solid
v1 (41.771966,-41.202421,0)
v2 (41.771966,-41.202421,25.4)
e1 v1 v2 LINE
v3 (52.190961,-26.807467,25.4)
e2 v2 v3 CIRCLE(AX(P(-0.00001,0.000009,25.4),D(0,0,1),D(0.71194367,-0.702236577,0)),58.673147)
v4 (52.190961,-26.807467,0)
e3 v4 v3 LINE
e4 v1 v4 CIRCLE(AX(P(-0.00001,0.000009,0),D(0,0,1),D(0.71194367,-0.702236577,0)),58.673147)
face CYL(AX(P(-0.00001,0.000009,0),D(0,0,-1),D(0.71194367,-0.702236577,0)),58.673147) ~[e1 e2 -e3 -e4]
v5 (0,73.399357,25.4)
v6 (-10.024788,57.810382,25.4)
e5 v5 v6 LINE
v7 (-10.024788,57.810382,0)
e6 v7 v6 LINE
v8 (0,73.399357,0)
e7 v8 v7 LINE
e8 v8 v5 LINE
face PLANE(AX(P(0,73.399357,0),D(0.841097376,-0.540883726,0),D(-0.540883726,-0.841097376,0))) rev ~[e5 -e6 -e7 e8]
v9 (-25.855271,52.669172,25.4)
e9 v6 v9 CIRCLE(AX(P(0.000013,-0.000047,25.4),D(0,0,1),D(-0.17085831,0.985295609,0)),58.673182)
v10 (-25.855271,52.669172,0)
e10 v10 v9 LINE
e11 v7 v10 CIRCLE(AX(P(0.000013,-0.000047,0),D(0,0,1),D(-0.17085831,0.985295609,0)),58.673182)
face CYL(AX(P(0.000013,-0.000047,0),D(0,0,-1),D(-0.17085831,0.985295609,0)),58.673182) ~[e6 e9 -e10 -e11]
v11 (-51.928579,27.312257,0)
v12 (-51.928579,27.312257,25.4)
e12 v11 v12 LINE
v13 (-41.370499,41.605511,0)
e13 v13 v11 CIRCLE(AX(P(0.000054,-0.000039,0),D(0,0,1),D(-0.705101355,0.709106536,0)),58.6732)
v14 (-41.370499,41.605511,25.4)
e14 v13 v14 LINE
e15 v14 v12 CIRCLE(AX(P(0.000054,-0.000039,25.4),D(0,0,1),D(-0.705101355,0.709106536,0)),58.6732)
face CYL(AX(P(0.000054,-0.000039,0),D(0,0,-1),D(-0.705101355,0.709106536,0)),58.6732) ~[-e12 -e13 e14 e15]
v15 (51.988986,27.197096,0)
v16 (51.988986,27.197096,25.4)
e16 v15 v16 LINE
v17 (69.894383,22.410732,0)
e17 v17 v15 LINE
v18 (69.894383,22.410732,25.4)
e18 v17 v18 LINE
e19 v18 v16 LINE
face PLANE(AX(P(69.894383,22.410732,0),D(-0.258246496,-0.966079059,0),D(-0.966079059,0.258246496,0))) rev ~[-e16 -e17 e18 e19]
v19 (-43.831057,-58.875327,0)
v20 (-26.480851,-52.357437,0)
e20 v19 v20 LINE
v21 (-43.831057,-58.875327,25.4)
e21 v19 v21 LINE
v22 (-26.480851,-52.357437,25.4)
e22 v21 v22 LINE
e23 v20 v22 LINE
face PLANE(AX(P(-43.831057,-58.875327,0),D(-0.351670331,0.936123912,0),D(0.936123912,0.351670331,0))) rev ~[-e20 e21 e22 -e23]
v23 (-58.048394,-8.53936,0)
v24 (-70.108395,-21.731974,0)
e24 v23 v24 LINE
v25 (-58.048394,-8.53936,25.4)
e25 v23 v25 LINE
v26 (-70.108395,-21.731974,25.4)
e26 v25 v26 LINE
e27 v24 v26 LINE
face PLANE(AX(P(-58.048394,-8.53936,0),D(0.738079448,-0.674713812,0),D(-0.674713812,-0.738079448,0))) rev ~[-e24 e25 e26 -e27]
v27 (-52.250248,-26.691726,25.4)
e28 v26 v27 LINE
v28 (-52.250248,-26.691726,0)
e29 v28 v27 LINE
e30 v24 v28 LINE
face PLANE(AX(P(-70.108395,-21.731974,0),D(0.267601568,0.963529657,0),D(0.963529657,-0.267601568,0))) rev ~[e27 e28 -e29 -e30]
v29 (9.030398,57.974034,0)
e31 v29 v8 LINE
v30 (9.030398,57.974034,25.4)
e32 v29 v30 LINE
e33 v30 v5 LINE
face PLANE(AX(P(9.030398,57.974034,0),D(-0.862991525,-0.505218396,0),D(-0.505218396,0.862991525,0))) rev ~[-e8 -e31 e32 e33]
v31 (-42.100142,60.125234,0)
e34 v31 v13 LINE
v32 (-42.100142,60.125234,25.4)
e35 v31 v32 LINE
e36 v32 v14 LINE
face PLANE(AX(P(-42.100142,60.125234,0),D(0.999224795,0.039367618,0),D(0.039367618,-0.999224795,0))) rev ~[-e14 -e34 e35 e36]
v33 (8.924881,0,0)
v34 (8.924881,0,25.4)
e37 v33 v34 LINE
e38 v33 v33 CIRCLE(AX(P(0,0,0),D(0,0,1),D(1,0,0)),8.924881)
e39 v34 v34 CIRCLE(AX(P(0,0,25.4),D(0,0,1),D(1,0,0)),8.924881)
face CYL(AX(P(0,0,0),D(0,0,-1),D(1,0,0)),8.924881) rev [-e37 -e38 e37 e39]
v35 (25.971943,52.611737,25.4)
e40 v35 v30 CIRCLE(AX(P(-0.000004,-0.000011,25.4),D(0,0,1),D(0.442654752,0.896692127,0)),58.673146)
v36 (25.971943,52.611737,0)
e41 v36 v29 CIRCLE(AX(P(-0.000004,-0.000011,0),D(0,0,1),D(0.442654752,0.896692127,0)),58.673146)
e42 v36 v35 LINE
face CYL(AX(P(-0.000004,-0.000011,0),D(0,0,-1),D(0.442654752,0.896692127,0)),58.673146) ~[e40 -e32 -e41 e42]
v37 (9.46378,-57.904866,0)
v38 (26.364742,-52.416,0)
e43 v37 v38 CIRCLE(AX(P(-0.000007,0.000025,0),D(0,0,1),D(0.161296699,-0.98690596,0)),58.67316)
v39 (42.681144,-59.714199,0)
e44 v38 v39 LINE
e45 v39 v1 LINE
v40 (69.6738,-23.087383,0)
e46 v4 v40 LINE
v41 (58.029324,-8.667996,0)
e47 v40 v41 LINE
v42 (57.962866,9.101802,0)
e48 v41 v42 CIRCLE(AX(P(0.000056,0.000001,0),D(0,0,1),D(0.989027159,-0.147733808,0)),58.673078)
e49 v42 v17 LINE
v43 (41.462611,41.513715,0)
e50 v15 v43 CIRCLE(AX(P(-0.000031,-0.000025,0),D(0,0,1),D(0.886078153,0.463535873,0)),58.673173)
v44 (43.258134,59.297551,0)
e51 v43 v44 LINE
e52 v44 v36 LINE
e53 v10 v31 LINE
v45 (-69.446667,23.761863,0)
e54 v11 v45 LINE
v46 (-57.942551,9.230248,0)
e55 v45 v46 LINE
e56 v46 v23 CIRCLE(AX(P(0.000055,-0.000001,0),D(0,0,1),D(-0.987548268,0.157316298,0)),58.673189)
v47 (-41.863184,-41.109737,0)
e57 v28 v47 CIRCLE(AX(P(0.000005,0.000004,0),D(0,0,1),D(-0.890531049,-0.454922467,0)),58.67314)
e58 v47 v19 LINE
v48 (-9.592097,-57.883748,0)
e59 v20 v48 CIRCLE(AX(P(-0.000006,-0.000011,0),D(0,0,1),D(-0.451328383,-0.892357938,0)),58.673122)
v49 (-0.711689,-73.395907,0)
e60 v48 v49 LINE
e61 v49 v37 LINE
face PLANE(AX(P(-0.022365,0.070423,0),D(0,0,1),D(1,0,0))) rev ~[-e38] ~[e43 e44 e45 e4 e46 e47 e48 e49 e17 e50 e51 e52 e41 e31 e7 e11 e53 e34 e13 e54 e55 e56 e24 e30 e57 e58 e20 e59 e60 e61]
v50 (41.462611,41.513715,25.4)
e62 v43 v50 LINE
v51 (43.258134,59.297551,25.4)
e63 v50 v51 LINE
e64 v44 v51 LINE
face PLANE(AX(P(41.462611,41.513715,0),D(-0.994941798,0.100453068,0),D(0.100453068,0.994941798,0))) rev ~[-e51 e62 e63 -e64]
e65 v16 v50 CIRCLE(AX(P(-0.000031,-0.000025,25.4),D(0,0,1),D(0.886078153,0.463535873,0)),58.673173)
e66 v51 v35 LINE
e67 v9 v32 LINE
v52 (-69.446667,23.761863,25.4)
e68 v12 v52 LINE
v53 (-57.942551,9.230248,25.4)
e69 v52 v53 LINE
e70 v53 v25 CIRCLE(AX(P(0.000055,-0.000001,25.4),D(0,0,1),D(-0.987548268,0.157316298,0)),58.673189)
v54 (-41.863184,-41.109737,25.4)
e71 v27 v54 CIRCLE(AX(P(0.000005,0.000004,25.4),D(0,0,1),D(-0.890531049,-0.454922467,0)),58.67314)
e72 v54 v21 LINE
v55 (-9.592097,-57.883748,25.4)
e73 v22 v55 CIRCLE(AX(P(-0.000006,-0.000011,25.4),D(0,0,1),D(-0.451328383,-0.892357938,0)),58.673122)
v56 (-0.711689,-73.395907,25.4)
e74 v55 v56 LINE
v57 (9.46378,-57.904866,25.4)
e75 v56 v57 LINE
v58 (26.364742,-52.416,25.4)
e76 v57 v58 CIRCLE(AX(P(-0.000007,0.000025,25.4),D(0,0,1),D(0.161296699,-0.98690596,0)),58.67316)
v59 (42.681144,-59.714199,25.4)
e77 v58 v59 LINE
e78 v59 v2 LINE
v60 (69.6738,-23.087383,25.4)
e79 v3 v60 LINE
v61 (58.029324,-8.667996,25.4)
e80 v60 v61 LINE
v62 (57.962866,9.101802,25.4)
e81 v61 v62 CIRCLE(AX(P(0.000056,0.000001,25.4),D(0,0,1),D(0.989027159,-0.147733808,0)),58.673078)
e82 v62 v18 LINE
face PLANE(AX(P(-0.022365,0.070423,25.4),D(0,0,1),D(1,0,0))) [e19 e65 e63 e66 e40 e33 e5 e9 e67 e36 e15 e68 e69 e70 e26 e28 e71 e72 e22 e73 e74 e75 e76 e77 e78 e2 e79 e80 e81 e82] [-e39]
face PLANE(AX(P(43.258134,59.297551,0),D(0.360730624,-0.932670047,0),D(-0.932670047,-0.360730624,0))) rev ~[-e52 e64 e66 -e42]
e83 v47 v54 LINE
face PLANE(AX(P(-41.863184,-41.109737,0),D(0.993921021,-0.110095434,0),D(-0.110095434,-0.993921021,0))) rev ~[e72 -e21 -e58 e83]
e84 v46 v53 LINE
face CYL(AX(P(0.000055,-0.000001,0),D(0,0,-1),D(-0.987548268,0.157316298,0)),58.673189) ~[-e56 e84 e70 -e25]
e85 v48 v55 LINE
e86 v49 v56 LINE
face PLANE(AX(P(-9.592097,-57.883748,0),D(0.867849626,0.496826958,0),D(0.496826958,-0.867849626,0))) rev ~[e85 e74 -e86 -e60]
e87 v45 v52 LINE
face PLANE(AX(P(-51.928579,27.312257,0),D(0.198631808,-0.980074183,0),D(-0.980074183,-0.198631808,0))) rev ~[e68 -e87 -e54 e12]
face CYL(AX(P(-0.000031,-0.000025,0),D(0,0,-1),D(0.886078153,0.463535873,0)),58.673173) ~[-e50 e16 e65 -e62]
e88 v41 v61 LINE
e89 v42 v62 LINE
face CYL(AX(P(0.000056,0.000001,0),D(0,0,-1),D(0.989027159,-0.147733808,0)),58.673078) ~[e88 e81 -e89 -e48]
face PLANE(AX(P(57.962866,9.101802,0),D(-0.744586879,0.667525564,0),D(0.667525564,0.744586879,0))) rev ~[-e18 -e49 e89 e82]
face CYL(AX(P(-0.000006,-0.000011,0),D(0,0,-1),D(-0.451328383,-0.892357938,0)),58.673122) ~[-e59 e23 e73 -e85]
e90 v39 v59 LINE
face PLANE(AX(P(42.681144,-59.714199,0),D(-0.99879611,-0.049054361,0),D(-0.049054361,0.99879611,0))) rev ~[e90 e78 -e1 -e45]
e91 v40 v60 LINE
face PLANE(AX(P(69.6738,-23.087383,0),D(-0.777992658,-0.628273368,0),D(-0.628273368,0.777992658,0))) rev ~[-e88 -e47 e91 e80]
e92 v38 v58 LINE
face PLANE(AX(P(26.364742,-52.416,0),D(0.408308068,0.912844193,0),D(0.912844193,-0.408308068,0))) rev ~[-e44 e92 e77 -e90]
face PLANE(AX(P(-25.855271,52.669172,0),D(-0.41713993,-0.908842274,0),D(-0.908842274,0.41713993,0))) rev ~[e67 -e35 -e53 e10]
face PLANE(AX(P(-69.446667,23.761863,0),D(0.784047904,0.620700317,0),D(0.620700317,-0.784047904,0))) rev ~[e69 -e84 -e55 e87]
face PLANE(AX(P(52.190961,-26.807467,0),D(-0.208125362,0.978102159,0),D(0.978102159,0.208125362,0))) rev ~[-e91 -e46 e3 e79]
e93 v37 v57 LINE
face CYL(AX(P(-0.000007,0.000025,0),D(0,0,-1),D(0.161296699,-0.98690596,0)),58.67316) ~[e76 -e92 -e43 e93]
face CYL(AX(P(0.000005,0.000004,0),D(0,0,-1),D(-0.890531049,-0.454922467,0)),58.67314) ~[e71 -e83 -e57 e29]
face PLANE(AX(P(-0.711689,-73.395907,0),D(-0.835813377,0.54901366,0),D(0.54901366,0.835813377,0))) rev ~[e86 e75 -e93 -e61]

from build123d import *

# Parameters (mm, degrees)
F0_R     = 8.924881
F1_DEPTH = 25.4


with BuildPart() as f1:
    # F0 (on Top) → F1 (new body)
    with BuildSketch(Plane.XY):
        with BuildLine():
            Line((0, 73.399357), (-10.024788, 57.810382))
            ThreePointArc((-10.024788, 57.810382), (-18.123263, 55.803978), (-25.855271, 52.669172))
            Line((-25.855271, 52.669172), (-42.100142, 60.125234))
            Line((-42.100142, 60.125234), (-41.370499, 41.605511))
            ThreePointArc((-41.370499, 41.605511), (-47.193789, 34.860908), (-51.928579, 27.312257))
            Line((-51.928579, 27.312257), (-69.446667, 23.761863))
            Line((-69.446667, 23.761863), (-57.942551, 9.230248))
            ThreePointArc((-57.942551, 9.230248), (-58.672093, 0.349475), (-58.048394, -8.53936))
            Line((-58.048394, -8.53936), (-70.108395, -21.731974))
            Line((-70.108395, -21.731974), (-52.250248, -26.691726))
            ThreePointArc((-52.250248, -26.691726), (-47.605717, -34.296244), (-41.863184, -41.109737))
            Line((-41.863184, -41.109737), (-43.831057, -58.875327))
            Line((-43.831057, -58.875327), (-26.480851, -52.357437))
            ThreePointArc((-26.480851, -52.357437), (-18.246902, -55.763673), (-9.592097, -57.883748))
            Line((-9.592097, -57.883748), (-0.711689, -73.395907))
            Line((-0.711689, -73.395907), (9.46378, -57.904866))
            ThreePointArc((9.46378, -57.904866), (18.123263, -55.803978), (26.364742, -52.416))
            Line((26.364742, -52.416), (42.681144, -59.714199))
            Line((42.681144, -59.714199), (41.771966, -41.202421))
            ThreePointArc((41.771966, -41.202421), (47.529586, -34.401673), (52.190961, -26.807467))
            Line((52.190961, -26.807467), (69.6738, -23.087383))
            Line((69.6738, -23.087383), (58.029324, -8.667996))
            ThreePointArc((58.029324, -8.667996), (58.672724, 0.219434), (57.962866, 9.101802))
            Line((57.962866, 9.101802), (69.894383, 22.410732))
            Line((69.894383, 22.410732), (51.988986, 27.197096))
            ThreePointArc((51.988986, 27.197096), (47.270938, 34.756223), (41.462611, 41.513715))
            Line((41.462611, 41.513715), (43.258134, 59.297551))
            Line((43.258134, 59.297551), (25.971943, 52.611737))
            ThreePointArc((25.971943, 52.611737), (17.705353, 55.937976), (9.030398, 57.974034))
            Line((9.030398, 57.974034), (0, 73.399357))
        make_face()
        Circle(F0_R, mode=Mode.SUBTRACT)
    extrude(amount=F1_DEPTH)


solid = f1.part
